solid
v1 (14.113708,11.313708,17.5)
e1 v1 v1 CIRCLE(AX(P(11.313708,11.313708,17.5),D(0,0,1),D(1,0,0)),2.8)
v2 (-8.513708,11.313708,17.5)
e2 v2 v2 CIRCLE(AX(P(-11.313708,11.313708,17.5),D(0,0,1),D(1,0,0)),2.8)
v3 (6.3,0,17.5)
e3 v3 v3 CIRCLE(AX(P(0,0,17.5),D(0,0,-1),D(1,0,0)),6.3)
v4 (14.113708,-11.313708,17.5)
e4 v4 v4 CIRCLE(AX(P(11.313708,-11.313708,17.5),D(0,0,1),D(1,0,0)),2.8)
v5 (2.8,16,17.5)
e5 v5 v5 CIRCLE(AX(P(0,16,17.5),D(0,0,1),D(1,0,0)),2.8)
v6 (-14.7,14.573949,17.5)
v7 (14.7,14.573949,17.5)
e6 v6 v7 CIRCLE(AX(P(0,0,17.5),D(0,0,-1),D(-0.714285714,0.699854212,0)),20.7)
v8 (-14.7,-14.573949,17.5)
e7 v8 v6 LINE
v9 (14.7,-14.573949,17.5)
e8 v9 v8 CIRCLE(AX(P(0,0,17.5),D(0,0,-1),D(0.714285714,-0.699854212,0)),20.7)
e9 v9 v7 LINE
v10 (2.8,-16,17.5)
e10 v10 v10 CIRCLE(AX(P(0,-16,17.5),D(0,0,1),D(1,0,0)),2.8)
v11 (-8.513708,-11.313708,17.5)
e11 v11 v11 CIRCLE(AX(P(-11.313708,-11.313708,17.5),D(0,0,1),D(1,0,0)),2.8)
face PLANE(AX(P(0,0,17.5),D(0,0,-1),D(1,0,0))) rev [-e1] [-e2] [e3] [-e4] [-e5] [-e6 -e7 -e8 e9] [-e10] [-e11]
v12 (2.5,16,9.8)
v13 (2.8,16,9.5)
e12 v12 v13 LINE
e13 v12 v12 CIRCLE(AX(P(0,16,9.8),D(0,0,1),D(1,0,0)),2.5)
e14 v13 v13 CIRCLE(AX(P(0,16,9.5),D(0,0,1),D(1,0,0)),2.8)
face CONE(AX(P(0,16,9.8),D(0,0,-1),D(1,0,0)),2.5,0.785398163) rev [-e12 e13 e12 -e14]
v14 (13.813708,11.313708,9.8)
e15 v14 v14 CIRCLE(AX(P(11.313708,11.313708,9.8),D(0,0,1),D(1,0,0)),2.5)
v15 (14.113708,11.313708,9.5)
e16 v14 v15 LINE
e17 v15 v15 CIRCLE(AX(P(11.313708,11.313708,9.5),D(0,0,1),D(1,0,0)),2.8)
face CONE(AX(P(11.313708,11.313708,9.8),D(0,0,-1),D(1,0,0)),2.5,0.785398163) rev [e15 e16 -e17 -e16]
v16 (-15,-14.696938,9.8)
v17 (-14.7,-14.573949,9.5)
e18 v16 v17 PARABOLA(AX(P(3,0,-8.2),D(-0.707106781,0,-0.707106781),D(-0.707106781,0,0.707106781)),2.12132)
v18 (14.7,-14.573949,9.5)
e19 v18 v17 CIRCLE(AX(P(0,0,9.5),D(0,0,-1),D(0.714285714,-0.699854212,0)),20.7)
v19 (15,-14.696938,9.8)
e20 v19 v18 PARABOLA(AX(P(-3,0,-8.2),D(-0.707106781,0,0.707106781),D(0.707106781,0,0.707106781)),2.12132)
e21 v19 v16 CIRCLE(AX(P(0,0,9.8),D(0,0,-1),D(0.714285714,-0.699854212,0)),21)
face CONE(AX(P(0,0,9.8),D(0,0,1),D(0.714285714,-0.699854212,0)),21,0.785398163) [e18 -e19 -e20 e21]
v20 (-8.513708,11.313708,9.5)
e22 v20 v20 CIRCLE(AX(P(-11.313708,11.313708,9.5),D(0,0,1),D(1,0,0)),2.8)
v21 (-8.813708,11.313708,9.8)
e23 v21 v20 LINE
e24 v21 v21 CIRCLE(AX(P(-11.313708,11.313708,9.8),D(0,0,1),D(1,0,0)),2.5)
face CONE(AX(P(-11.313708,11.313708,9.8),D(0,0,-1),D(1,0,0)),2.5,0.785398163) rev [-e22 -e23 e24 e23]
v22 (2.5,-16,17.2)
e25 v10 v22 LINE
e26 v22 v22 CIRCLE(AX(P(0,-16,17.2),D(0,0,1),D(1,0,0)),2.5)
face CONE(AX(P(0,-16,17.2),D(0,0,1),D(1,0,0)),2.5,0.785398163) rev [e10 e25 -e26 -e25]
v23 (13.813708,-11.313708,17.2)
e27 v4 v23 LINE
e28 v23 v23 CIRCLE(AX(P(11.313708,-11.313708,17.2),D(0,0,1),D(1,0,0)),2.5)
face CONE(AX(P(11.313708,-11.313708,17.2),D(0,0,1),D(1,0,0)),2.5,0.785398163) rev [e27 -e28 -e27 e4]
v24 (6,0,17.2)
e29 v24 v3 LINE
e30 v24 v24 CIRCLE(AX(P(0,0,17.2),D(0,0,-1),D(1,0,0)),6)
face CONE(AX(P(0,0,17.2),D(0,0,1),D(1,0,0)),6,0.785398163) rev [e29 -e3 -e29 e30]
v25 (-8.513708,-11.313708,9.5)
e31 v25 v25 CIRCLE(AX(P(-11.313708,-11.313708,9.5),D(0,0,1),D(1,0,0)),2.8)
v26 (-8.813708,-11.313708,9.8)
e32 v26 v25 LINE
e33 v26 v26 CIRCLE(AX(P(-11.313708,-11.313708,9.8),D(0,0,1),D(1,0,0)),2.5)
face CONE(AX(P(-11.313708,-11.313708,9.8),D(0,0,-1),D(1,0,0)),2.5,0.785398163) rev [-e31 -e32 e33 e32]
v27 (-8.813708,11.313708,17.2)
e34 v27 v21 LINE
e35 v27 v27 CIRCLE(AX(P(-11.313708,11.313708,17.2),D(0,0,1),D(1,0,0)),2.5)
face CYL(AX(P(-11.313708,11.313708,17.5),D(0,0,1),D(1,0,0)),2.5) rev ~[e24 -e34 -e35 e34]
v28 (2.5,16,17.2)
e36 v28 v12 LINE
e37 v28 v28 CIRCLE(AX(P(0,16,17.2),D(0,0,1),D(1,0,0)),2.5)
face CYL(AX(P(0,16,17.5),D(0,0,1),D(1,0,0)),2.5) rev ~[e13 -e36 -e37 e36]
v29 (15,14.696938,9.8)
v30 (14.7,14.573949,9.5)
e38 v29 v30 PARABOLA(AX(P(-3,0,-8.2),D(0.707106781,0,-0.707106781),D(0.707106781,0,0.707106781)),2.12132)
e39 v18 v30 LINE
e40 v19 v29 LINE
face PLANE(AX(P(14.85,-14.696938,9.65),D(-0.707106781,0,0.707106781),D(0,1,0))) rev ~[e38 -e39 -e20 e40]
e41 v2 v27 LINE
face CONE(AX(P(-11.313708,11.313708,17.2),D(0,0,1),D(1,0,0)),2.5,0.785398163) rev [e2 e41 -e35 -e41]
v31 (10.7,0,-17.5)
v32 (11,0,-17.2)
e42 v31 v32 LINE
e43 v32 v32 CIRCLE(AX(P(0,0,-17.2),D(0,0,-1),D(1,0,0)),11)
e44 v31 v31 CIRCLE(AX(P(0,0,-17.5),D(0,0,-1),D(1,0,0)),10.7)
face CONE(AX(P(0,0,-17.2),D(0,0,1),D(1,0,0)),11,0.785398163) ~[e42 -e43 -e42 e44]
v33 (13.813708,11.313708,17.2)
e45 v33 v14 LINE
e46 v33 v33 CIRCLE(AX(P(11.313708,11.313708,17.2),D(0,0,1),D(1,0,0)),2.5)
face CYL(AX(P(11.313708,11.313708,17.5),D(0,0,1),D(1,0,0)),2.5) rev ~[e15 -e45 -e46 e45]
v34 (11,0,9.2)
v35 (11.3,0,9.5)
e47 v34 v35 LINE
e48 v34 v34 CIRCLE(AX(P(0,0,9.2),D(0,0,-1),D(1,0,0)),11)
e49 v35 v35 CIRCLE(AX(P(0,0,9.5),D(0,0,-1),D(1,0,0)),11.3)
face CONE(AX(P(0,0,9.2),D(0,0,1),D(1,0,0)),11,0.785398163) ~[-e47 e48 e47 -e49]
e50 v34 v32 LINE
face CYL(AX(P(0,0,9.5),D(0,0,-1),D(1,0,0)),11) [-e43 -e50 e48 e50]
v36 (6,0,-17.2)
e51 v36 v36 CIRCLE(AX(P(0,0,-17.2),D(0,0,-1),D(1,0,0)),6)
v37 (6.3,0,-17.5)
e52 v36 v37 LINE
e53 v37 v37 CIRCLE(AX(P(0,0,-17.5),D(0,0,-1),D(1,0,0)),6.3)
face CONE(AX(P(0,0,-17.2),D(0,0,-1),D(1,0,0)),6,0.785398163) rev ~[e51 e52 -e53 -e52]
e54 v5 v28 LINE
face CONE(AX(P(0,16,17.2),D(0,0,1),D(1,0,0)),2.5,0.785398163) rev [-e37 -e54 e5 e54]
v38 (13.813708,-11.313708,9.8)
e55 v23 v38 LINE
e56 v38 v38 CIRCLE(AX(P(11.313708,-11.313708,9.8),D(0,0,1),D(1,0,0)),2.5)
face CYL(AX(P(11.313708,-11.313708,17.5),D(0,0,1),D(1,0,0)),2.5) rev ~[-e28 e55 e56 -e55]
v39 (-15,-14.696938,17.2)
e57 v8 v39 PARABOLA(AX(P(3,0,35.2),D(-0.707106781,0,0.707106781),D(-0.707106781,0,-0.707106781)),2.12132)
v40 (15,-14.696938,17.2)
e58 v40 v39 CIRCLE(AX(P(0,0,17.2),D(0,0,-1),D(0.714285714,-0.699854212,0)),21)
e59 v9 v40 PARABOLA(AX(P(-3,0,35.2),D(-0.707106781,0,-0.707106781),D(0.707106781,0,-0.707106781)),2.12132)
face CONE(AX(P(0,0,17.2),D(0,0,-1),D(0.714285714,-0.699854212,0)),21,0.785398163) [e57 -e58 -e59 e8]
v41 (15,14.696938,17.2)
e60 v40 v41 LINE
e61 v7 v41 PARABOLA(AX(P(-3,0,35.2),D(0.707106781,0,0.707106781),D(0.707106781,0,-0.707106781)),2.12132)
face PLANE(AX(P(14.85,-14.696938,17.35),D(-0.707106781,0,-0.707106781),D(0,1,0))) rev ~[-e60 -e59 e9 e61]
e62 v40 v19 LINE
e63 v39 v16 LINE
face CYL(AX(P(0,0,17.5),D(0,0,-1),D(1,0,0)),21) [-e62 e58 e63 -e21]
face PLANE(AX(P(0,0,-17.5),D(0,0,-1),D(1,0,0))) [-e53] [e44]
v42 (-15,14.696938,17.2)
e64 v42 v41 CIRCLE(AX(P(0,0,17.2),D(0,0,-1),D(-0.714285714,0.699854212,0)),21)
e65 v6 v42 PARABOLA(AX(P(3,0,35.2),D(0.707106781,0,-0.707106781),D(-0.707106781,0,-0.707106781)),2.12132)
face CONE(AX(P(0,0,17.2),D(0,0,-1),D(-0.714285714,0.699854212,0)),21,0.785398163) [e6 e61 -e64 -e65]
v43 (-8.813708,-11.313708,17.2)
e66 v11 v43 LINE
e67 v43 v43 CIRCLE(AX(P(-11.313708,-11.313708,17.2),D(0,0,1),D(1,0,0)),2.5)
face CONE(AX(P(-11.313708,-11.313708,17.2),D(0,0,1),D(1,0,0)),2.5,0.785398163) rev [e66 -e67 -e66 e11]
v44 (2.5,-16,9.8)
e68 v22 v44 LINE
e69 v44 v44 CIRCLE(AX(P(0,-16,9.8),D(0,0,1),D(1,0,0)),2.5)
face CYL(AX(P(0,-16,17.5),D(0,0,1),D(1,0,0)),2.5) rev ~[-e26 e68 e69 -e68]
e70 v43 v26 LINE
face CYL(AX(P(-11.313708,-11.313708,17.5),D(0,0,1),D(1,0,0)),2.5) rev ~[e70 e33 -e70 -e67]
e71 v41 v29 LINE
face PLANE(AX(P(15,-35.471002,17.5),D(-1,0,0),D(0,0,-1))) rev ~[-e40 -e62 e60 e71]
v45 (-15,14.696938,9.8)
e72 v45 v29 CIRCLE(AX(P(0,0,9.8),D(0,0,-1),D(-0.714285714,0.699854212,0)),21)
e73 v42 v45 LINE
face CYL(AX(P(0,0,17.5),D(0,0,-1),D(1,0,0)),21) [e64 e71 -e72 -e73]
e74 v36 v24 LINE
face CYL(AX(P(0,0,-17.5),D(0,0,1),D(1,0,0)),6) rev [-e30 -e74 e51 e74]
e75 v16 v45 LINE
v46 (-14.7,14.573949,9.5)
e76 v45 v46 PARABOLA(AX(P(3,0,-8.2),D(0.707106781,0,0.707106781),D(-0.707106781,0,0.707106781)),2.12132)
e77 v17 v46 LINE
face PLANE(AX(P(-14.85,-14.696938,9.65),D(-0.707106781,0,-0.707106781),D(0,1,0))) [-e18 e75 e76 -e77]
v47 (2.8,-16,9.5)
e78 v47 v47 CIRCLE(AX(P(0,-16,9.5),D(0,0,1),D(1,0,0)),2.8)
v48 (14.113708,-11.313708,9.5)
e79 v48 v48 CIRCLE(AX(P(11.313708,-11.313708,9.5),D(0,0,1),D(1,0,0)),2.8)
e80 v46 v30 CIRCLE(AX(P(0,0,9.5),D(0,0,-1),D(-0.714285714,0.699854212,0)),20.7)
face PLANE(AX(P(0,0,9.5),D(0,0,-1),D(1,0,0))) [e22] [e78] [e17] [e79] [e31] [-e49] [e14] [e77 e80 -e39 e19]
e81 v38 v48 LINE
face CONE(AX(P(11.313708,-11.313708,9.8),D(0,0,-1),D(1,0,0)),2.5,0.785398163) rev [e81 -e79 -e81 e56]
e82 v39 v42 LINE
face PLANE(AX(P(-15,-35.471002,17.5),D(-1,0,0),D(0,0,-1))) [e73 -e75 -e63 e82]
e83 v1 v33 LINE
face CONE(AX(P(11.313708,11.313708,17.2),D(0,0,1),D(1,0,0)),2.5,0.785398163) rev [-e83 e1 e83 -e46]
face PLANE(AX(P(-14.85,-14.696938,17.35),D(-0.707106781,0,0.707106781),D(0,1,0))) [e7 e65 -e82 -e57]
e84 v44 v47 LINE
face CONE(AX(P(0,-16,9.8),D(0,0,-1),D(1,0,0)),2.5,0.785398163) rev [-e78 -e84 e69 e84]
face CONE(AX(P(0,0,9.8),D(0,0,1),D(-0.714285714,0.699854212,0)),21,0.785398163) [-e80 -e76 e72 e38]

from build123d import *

# Parameters (mm, degrees)
CUT_EXTRUDE1_DEPTH      = 35.471002306
CUT_EXTRUDE1_DEPTH_BACK = 35.471002306
SKETCH2_W               = 6
SKETCH2_H               = 8
SKETCH3_R               = 2.5
CUT_EXTRUDE2_DEPTH      = 10
CHAMFER1_SIZE           = 0.3


with BuildPart() as part:
    # Sketch1 → Revolve1 (revolve)
    with BuildSketch(Plane(origin=(0, 0, 0), x_dir=(0, 0, -1), z_dir=(1, 0, 0)), mode=Mode.PRIVATE) as revolve1_sk:
        Polygon((17.5, 6), (-17.5, 6), (-17.5, 21), (-9.5, 21), (-9.5, 11), (17.5, 11), align=None)
    revolve(revolve1_sk.sketch.rotate(Axis((0, 0, 27), (0, 0, -1)), 90), axis=Axis((0, 0, 27), (0, 0, -1)))

    # Sketch2 → Cut-Extrude1 (cut, two sides: drawn at the far end of the back side and taken through both)
    with BuildSketch(Plane(origin=(0, 0, 0), x_dir=(1, 0, 0), z_dir=(0, 1, 0)).offset(-CUT_EXTRUDE1_DEPTH_BACK)):
        with Locations((-18, -13.5)):
            Rectangle(SKETCH2_W, SKETCH2_H)
        with Locations((18, -13.5)):
            Rectangle(SKETCH2_W, SKETCH2_H)
    extrude(amount=CUT_EXTRUDE1_DEPTH + CUT_EXTRUDE1_DEPTH_BACK, mode=Mode.SUBTRACT)

    # Sketch3 → Cut-Extrude2 (cut)
    with BuildSketch(Plane.XY.offset(17.5)):
        with Locations((0, 16)):
            Circle(SKETCH3_R)
        with Locations((11.313708499, 11.313708499)):
            Circle(SKETCH3_R)
        with Locations((11.313708499, -11.313708499)):
            Circle(SKETCH3_R)
        with Locations((0, -16)):
            Circle(SKETCH3_R)
        with Locations((-11.313708499, -11.313708499)):
            Circle(SKETCH3_R)
        with Locations((-11.313708499, 11.313708499)):
            Circle(SKETCH3_R)
    extrude(amount=-CUT_EXTRUDE2_DEPTH, mode=Mode.SUBTRACT)

    # Chamfer1
    chamfer1_edges = [part.edges().sort_by_distance(p)[0] for p in [
        (0, -21, 9.5),
        (-15, 0, 9.5),
        (0, -21, 17.5),
        (-15, 0, 17.5),
        (0, 21, 9.5),
        (15, 0, 9.5),
        (0, 21, 17.5),
        (15, 0, 17.5),
        (-11, 0, -17.5),
        (-11, 0, 9.5),
        (-2.5, 16, 9.5),
        (-2.5, 16, 17.5),
        (8.813708499, 11.313708499, 9.5),
        (-6, 0, 17.5),
        (8.813708499, 11.313708499, 17.5),
        (8.813708499, -11.313708499, 9.5),
        (8.813708499, -11.313708499, 17.5),
        (-2.5, -16, 9.5),
        (-6, 0, -17.5),
        (-2.5, -16, 17.5),
        (-13.813708499, -11.313708499, 9.5),
        (-13.813708499, -11.313708499, 17.5),
        (-13.813708499, 11.313708499, 9.5),
        (-13.813708499, 11.313708499, 17.5),
    ]]
    chamfer(chamfer1_edges, length=CHAMFER1_SIZE)


solid = part.part
